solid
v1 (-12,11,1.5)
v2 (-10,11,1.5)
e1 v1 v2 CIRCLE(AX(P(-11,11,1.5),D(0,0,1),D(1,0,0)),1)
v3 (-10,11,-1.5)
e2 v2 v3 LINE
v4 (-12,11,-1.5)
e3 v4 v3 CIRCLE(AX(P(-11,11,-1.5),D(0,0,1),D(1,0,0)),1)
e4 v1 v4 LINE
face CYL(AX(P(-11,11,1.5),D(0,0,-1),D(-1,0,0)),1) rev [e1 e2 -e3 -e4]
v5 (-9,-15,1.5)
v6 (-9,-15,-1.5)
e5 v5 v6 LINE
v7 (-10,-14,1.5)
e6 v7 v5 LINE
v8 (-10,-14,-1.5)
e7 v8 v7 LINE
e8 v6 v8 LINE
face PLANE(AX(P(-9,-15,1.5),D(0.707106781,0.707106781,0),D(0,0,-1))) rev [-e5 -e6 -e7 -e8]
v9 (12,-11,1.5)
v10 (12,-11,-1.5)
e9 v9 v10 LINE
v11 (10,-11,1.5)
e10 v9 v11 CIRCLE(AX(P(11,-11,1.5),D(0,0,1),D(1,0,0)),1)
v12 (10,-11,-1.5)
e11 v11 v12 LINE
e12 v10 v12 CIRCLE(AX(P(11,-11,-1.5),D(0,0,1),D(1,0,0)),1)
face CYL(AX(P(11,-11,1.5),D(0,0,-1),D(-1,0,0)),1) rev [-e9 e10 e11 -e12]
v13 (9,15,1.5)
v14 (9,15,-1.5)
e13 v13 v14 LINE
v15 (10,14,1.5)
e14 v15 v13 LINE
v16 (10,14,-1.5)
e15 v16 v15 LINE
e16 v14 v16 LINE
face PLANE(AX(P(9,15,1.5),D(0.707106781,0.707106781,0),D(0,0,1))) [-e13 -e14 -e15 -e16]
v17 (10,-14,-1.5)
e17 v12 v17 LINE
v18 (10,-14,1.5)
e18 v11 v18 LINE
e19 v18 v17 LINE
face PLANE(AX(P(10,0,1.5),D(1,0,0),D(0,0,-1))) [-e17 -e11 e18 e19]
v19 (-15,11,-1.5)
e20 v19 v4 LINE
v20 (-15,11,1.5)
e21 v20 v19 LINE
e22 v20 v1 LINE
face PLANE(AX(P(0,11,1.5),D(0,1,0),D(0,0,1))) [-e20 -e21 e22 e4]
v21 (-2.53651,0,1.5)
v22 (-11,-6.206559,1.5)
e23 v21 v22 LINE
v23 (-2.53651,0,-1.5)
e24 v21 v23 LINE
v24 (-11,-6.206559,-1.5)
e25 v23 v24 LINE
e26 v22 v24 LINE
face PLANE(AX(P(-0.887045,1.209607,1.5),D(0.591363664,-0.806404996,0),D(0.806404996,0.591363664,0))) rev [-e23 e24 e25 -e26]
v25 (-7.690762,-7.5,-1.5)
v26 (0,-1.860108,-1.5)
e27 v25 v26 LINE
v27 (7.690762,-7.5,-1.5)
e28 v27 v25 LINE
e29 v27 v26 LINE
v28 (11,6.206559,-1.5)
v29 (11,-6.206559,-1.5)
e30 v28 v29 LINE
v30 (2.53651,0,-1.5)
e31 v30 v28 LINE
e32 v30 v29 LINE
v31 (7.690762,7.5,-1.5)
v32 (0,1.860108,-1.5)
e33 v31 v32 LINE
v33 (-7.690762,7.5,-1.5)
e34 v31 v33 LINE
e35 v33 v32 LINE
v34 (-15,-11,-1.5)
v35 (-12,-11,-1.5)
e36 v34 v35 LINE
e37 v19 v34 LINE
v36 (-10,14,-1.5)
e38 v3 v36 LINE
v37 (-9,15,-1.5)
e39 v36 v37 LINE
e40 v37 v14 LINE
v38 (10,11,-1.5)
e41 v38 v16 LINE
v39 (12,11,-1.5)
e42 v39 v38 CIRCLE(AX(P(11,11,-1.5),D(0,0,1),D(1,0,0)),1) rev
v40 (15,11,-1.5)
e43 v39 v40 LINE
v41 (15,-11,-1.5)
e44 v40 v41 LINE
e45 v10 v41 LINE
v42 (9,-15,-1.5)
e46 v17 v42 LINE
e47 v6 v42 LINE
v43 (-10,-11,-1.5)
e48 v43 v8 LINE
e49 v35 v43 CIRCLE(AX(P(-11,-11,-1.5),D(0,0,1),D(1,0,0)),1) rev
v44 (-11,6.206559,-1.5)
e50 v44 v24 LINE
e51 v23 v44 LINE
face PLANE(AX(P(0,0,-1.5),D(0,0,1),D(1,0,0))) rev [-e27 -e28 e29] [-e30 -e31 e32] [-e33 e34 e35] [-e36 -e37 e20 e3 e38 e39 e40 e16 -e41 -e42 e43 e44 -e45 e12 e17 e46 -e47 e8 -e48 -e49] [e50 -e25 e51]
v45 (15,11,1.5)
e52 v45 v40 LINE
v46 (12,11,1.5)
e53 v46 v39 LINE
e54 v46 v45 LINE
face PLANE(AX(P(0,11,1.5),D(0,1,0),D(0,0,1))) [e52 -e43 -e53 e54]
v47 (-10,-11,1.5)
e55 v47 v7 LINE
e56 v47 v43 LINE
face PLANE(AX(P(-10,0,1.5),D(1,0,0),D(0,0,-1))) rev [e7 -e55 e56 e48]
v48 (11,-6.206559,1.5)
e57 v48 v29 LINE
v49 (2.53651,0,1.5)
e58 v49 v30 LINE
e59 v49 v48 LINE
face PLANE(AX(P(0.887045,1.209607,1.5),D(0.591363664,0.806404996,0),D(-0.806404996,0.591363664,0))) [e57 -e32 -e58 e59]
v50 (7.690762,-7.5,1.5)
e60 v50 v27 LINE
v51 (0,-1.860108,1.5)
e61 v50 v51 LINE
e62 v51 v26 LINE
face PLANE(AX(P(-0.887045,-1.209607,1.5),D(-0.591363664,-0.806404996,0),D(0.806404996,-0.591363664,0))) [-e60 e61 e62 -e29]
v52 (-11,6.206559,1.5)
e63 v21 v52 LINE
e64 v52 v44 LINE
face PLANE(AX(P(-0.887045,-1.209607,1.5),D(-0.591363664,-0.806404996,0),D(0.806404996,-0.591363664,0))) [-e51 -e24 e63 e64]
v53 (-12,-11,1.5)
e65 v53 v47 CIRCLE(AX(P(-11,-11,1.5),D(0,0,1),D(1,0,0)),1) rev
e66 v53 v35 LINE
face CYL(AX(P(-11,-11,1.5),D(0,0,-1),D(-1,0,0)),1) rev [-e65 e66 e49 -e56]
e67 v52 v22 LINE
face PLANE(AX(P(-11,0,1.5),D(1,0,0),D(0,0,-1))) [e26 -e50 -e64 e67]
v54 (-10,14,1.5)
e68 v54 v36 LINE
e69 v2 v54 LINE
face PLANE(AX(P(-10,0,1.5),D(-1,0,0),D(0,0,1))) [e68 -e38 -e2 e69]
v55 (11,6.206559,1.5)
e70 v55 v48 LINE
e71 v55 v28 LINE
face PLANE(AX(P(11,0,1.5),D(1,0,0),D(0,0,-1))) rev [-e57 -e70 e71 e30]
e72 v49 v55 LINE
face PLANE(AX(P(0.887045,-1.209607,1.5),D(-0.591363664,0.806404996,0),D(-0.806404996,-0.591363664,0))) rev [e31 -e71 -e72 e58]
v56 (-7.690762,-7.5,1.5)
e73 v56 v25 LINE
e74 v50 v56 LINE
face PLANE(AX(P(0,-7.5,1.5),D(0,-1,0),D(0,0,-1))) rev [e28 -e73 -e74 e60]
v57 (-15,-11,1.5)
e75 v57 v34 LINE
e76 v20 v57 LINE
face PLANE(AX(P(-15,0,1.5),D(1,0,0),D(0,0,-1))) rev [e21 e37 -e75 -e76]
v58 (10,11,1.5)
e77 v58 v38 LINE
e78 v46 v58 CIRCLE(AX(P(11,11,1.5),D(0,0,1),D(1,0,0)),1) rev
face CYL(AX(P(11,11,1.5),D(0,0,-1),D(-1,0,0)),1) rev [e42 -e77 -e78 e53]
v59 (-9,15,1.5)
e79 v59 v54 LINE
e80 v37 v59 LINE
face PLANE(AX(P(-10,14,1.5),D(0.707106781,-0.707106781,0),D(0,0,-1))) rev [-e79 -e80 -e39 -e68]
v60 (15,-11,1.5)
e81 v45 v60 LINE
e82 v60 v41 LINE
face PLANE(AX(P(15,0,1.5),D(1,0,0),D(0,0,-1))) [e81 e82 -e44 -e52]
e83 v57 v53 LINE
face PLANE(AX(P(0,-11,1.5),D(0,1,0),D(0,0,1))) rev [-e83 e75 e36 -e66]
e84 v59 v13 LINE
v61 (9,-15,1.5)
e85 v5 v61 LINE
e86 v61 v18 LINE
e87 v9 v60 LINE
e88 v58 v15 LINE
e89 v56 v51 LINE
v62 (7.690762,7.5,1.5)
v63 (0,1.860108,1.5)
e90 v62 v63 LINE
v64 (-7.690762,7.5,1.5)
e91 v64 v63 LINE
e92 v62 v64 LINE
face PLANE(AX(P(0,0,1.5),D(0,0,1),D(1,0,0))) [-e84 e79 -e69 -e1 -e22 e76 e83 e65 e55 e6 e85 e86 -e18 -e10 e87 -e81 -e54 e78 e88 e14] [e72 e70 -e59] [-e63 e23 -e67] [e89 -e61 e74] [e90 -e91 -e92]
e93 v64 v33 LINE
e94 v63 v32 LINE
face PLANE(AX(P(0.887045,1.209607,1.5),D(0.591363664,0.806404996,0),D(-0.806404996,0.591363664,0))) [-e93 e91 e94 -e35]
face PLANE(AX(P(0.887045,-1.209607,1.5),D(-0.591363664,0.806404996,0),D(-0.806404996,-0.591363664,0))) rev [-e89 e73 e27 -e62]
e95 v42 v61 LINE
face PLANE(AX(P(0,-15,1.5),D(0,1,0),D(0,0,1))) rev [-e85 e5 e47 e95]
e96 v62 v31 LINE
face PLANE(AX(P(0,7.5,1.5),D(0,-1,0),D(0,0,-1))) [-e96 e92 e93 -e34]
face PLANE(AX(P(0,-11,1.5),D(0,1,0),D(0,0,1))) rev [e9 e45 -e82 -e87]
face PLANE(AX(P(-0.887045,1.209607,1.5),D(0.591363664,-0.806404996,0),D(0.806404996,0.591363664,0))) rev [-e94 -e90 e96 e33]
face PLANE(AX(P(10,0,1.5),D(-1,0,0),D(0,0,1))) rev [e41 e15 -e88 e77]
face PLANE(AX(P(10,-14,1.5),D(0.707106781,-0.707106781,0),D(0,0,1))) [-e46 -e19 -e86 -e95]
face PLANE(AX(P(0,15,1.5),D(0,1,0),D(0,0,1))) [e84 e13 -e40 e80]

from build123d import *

# Parameters (mm, degrees)
EXTRUDE_1_DEPTH = 1.5
CHAMFER_1_SIZE  = 1


with BuildPart() as part:
    # 草图1 → 凸台-拉伸1 (new, symmetric)
    with BuildSketch(Plane.XY):
        with BuildLine():
            Line((-10, 15), (-10, 11))
            ThreePointArc((-10, 11), (-11, 10), (-12, 11))
            Line((-12, 11), (-15, 11))
            Line((-15, 11), (-15, -11))
            Line((-15, -11), (-12, -11))
            ThreePointArc((-12, -11), (-11, -10), (-10, -11))
            Line((-10, -11), (-10, -15))
            Line((-10, -15), (10, -15))
            Line((10, -15), (10, -11))
            ThreePointArc((10, -11), (11, -10), (12, -11))
            Line((12, -11), (15, -11))
            Line((15, -11), (15, 11))
            Line((15, 11), (12, 11))
            ThreePointArc((12, 11), (11, 10), (10, 11))
            Line((10, 11), (10, 15))
            Line((10, 15), (-10, 15))
        make_face()
        Polygon((2.53651026, 0), (11, 6.206559143), (11, -6.206559143), align=None, mode=Mode.SUBTRACT)
        Polygon((0, -1.860107524), (7.690762468, -7.5), (-7.690762468, -7.5), align=None, mode=Mode.SUBTRACT)
        Polygon((-11, 6.206559143), (-2.53651026, 0), (-11, -6.206559143), align=None, mode=Mode.SUBTRACT)
        Polygon((-7.690762468, 7.5), (7.690762468, 7.5), (0, 1.860107524), align=None, mode=Mode.SUBTRACT)
    extrude(amount=EXTRUDE_1_DEPTH, both=True)

    # 倒角1
    chamfer_1_edges = [part.edges().sort_by_distance(p)[0] for p in [
        (-10, 15, 0),
        (10, 15, 0),
        (10, -15, 0),
        (-10, -15, 0),
    ]]
    chamfer(chamfer_1_edges, length=CHAMFER_1_SIZE)


solid = part.part
